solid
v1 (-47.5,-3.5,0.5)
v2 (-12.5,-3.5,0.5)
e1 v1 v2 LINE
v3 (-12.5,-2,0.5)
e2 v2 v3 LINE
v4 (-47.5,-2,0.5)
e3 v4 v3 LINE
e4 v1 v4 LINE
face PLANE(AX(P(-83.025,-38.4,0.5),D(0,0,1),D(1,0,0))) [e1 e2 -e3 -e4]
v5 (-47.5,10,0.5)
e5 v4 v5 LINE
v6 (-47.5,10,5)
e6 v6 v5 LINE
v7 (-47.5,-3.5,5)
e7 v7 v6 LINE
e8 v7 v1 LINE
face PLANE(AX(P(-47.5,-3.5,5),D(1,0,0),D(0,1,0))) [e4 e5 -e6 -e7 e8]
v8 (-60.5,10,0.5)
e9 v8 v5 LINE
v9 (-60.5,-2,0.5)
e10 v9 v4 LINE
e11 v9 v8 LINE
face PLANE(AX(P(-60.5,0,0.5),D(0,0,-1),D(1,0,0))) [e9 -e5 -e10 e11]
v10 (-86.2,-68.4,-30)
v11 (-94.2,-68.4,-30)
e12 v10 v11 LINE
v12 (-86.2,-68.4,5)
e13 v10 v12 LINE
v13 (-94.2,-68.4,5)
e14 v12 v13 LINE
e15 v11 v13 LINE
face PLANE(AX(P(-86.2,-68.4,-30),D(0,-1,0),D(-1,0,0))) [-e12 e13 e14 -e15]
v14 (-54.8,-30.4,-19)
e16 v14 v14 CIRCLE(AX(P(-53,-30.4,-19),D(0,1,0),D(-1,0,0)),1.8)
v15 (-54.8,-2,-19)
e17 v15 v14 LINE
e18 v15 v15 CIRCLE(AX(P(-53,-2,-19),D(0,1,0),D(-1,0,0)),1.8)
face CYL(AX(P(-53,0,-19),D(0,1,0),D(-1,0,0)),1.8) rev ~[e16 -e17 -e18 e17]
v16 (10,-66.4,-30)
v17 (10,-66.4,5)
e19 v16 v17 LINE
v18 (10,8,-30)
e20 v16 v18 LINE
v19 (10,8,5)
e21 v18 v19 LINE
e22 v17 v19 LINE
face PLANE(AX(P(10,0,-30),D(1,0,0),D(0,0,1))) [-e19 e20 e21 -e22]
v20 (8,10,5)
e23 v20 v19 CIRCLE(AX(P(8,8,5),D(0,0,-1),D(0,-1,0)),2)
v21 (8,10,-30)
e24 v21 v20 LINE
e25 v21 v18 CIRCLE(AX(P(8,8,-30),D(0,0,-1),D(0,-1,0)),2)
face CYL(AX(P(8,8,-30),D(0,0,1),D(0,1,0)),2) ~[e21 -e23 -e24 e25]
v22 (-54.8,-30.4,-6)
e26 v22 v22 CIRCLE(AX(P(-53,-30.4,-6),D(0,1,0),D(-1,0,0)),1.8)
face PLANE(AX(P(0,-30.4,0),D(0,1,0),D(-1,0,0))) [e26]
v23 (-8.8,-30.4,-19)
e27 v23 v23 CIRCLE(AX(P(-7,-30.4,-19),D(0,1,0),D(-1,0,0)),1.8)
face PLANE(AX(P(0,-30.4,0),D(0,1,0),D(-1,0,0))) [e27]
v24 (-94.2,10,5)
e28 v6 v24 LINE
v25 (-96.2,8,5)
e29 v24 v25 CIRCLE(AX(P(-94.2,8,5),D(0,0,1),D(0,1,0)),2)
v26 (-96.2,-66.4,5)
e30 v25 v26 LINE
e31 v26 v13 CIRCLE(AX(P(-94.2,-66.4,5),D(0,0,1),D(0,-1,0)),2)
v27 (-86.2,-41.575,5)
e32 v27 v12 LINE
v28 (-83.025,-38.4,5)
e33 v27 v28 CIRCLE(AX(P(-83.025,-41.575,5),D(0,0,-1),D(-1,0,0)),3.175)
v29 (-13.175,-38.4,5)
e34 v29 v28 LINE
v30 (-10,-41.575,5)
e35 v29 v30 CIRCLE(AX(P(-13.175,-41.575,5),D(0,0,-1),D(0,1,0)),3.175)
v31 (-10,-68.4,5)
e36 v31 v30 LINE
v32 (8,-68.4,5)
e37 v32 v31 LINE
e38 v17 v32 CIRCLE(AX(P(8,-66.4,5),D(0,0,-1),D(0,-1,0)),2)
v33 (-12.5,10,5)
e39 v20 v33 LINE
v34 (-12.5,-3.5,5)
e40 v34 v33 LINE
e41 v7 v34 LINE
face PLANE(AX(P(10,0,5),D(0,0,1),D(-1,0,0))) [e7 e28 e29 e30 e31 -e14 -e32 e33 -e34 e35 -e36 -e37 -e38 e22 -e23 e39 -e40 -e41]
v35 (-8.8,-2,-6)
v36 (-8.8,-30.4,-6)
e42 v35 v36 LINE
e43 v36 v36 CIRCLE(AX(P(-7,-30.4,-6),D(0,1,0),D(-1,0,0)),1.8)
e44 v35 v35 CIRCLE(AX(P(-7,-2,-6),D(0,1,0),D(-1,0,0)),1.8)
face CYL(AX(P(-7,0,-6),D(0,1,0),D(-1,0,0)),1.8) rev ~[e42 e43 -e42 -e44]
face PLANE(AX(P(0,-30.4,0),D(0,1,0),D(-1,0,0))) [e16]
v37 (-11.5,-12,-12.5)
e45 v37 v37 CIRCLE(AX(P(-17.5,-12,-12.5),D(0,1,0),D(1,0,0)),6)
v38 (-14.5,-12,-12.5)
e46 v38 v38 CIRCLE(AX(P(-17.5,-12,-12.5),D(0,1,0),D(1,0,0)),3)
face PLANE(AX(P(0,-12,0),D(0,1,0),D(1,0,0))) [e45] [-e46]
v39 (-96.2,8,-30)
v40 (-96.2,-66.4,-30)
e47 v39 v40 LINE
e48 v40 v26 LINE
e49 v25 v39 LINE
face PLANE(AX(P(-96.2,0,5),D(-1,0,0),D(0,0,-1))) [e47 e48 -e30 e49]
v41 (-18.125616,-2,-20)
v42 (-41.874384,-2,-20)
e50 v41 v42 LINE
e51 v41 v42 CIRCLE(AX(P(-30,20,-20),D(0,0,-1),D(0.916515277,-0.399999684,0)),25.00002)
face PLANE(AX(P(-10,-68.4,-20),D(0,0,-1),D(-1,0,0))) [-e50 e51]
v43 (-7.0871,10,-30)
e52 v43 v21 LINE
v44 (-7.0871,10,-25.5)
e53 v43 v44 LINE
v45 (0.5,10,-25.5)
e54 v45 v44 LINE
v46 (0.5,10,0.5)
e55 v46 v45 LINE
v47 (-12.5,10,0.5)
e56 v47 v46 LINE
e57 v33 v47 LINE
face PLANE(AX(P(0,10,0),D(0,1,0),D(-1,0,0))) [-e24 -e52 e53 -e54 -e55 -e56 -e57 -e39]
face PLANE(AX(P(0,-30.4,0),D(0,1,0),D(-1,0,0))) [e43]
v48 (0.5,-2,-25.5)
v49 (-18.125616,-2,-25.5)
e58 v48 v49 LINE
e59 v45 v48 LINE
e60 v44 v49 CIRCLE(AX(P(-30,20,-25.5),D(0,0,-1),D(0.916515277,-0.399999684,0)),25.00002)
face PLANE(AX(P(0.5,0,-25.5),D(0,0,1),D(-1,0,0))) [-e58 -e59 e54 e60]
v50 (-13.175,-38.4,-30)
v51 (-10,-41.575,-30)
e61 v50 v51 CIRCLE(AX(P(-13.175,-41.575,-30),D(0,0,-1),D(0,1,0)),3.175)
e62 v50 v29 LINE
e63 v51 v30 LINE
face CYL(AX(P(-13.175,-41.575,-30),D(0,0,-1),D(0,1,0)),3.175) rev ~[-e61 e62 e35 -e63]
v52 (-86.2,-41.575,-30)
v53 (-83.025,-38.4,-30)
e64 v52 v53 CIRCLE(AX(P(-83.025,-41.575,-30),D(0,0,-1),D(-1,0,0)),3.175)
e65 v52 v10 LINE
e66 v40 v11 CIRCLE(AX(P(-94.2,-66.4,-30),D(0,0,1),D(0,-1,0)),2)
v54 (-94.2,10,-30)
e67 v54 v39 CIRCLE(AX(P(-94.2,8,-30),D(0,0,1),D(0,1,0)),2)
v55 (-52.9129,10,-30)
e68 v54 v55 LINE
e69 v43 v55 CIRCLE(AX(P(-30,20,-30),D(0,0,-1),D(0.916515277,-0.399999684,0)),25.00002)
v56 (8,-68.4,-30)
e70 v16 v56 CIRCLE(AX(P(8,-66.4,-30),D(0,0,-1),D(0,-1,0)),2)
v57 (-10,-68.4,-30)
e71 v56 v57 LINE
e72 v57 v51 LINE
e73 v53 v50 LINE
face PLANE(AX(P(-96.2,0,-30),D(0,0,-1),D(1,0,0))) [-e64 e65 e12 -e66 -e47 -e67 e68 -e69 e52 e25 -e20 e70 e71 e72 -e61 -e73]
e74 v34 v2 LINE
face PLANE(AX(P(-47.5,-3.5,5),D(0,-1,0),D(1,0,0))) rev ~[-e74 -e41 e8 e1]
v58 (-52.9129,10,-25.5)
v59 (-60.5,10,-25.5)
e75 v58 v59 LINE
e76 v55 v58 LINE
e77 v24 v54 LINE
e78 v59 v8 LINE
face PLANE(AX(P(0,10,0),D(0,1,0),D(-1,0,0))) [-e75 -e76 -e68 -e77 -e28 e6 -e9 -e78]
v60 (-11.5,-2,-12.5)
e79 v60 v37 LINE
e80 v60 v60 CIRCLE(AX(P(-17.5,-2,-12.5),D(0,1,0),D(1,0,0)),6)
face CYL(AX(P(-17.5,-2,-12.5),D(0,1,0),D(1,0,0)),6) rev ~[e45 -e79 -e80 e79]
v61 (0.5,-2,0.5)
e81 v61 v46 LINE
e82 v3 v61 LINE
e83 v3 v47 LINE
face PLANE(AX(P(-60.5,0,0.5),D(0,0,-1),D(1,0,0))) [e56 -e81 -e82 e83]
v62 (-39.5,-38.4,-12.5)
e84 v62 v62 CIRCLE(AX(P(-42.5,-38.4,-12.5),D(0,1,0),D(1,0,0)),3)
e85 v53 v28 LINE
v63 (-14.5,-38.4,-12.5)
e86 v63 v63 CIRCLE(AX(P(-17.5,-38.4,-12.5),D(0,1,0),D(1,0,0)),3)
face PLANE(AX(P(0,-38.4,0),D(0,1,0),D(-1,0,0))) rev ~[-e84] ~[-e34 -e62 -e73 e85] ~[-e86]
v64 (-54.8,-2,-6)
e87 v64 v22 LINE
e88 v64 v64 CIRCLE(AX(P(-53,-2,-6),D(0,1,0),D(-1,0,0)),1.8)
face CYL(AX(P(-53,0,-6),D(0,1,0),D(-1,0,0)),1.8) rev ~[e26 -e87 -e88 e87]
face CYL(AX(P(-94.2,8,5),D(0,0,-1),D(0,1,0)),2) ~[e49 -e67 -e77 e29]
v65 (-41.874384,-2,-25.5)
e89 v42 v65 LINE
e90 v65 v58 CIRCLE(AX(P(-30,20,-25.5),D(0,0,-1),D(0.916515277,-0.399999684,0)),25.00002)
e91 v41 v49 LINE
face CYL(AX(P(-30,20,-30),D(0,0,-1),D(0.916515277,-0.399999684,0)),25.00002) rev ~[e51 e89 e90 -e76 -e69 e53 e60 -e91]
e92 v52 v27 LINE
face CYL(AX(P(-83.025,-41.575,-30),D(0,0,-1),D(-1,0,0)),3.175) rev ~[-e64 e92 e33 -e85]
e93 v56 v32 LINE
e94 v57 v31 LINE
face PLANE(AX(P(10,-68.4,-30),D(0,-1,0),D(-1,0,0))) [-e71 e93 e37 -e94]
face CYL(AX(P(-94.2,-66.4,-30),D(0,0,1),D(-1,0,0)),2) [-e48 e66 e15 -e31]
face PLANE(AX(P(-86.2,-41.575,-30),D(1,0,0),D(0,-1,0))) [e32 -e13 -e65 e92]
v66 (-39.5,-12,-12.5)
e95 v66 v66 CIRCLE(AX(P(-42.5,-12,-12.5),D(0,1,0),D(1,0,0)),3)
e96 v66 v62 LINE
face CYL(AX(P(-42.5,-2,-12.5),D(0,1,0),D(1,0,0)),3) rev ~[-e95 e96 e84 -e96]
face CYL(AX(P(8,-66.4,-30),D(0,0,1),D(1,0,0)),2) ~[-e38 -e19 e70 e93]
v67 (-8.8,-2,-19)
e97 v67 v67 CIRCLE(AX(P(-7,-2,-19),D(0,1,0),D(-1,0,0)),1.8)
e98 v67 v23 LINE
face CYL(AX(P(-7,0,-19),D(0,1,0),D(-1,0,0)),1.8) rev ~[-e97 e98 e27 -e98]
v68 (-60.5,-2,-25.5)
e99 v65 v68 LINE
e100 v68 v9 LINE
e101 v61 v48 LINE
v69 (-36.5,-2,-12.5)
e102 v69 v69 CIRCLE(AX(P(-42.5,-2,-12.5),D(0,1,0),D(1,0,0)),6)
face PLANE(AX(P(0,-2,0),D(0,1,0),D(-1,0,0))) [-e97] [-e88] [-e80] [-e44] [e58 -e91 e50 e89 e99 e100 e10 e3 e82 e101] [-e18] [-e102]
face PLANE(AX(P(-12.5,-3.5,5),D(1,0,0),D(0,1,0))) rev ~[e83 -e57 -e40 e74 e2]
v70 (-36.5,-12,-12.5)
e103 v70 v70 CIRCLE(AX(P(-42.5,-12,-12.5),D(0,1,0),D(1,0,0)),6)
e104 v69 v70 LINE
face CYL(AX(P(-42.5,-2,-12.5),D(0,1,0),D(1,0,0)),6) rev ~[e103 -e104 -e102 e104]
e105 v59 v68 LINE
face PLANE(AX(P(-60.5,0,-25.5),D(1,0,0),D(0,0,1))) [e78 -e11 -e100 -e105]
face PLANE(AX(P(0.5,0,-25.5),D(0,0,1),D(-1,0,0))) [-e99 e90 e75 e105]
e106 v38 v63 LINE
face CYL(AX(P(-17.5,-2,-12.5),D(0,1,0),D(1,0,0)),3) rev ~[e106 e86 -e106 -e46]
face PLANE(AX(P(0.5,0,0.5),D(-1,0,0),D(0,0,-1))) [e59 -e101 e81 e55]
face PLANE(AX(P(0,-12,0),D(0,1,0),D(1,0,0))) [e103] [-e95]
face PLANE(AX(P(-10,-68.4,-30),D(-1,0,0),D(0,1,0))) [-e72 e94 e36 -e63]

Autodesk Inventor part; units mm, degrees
ref_plane "YZ Plane" through (0, 0, 0) normal (1, 0, 0) x (0, 1, 0)
ref_plane "XZ Plane" through (0, 0, 0) normal (0, 1, 0) x (-1, 0, 0)
ref_plane "XY Plane" through (0, 0, 0) normal (0, 0, 1) x (1, 0, 0)
sketch "Sketch1" plane through (0, 0, 0) normal (0, 1, 0) x (-1, 0, 0)
  line L0 (0, 0) -> (60, 0) construction
  line L1 (60, 0) -> (60, -25) construction
  line L2 (60, -25) -> (0, -25) construction
  line L3 (0, -25) -> (0, 0) construction
  line L4 (60.5, 0.5) -> (-0.5, 0.5)
  line L5 (-0.5, 0.5) -> (-0.5, -25.5)
  line L6 (-0.5, -25.5) -> (60.5, -25.5)
  line L7 (60.5, -25.5) -> (60.5, 0.5)
  circle A0 centre (53, -19) radius 1.8
  circle A1 centre (7, -19) radius 1.8
  circle A2 centre (7, -6) radius 1.8
  circle A3 centre (53, -6) radius 1.8
  line L8 (53, -19) -> (7, -19) construction
  line L9 (7, -19) -> (7, -6) construction
  point P0 (30, -19)
  point P1 (30, -25)
  point P2 (7, -12.5)
  point P3 (0, -12.5)
  dimension "d0" = 25
  dimension "d1" = 60
  dimension "d2" = 0.5
  dimension "d3" = 0.5
  dimension "d4" = 0.5
  dimension "d5" = 0.5
  dimension "d6" = 3.6
  dimension "d7" = 46
  dimension "d8" = 13
sketch "Sketch2" plane through (0, 0, 0) normal (0, 1, 0) x (-1, 0, 0)
  line L0 (-10, 5) -> (96.2, 5)
  line L1 (96.2, 5) -> (96.2, -30)
  line L2 (96.2, -30) -> (-10, -30)
  line L3 (-10, -30) -> (-10, 5)
  line L4 (60.5, -25.5) -> (60.5, 0.5) construction
  line L5 (-0.5, 0.5) -> (-0.5, -25.5) construction
  line L6 (-0.5, -25.5) -> (60.5, -25.5) construction
  point P0 (0, 0)
  point P1 (60.5, -12.5)
  point P2 (96.2, -12.5)
  point P3 (30, -25.5)
  point P4 (43.1, -30)
  point P5 (-10, -12.5)
  dimension "d9" = 106.2
  dimension "d10" = 35
  dimension "d51" = 10
extrude "Extrusion1" add sketch "Sketch2" along normal blind 10 and the other way blind 38.4
extrude "Extrusion2" cut sketch "Sketch1" along normal blind 10 and the other way blind 2
extrude "Extrusion3" cut sketch "Sketch1" along normal blind 10 and the other way blind 30.4 contours A0 | A1 | A2 | A3
sketch "Sketch3" plane through (10, 10, -30) normal (0, 0, -1) x (-1, 0, 0)
  line L0 (106.2, -48.4) -> (0, -48.4) projected
  line L1 (0, -48.4) -> (0, -78.4)
  line L2 (0, -78.4) -> (20, -78.4)
  line L3 (20, -78.4) -> (20, -51.575)
  line L4 (23.175, -48.4) -> (93.025, -48.4)
  line L5 (96.2, -51.575) -> (96.2, -78.4)
  line L6 (96.2, -78.4) -> (106.2, -78.4)
  line L7 (106.2, -78.4) -> (106.2, -48.4)
  arc A0 (23.175, -48.4) -> (20, -51.575) centre (23.175, -51.575) ccw
  arc A1 (96.2, -51.575) -> (93.025, -48.4) centre (93.025, -51.575) ccw
  point P0 (10, -10)
  point P1 (20, -48.4)
  point P2 (96.2, -48.4)
  point P3 (53.1, -48.4)
  point P4 (93.025, -48.4)
  dimension "d23" = 76.2
  dimension "d24" = 3.175
  dimension "d25" = 20
  dimension "d26" = 30
extrude "Extrusion4" add sketch "Sketch3" against normal up to surface (35 mm away)
sketch "Sketch4" plane through (0, -2, 0) normal (0, 1, 0) x (1, 0, 0)
  circle A0 centre (-42.5, 12.5) radius 3
  circle A1 centre (-17.5, 12.5) radius 3
  line L0 (-60.5, 25.5) -> (0.5, 25.5) construction
  line L1 (-60.5, -0.5) -> (-60.5, 25.5) construction
  line L2 (-42.5, 12.5) -> (-17.5, 12.5) construction
  point P0 (0, 0)
  point P1 (-30, 25.5)
  point P2 (-30, 12.5)
  point P3 (-60.5, 12.5)
  dimension "d29" = 6
  dimension "d30" = 25
extrude "Extrusion5" cut sketch "Sketch4" against normal up to surface (36.4 mm away)
sketch "Sketch5" plane through (0, -2, 0) normal (0, 1, 0) x (1, 0, 0)
  circle A0 centre (-42.5, 12.5) radius 3 construction
  circle A1 centre (-17.5, 12.5) radius 3 construction
  circle A2 centre (-17.5, 12.5) radius 6
  circle A3 centre (-42.5, 12.5) radius 6
  point P0 (0, 0)
  dimension "d34" = 12
extrude "Extrusion6" cut sketch "Sketch5" against normal blind 10
fillet "Fillet1" radius 2 2 edges at (-96.2, 10, -12.5) (10, 10, -12.5)
fillet "Fillet2" radius 2 2 edges at (-96.2, -68.4, -12.5) (10, -68.4, -12.5)
sketch "Sketch6" plane through (-83.025, -38.4, 5) normal (0, 0, 1) x (1, 0, 0)
  line L0 (69.85, 0) -> (0, 0) construction
  line L1 (35.525, 34.9) -> (70.525, 34.9)
  line L2 (69.85, 0) -> (0, 0) projected
  line L3 (-11.175, 48.4) -> (91.025, 48.4) projected
  line L4 (70.525, 34.9) -> (70.525, 48.4)
  line L5 (35.525, 34.9) -> (35.525, 48.4)
  line L6 (93.025, -28) -> (93.025, 46.4) projected
  point P0 (83.025, 38.4)
  point P1 (53.025, 34.9)
  point P2 (34.925, 0)
  point P3 (70.325, 0)
  point P4 (-0.475, 0)
  dimension "d39" = 34.9
  dimension "d40" = 35
  dimension "d50" = 40
extrude "Extrusion7" cut sketch "Sketch6" against normal up to surface (4.5 mm away)
sketch "Sketch7" plane through (-10, -68.4, -30) normal (0, 0, -1) x (-1, 0, 0)
  arc A0 (-2.9129, 78.4) -> (42.9129, 78.4) centre (20, 88.4) ccw
  line L0 (-18, 78.4) -> (84.2, 78.4) projected
  point P0 (-10, 68.4)
  point P1 (33.1, 78.4)
  point P2 (-20, 76.4)
  dimension "d44" = 25
  dimension "d45" = 10
  dimension "d49" = 40
extrude "Extrusion8" cut sketch "Sketch7" against normal blind 10
properties part number "BK12_Spacer"
